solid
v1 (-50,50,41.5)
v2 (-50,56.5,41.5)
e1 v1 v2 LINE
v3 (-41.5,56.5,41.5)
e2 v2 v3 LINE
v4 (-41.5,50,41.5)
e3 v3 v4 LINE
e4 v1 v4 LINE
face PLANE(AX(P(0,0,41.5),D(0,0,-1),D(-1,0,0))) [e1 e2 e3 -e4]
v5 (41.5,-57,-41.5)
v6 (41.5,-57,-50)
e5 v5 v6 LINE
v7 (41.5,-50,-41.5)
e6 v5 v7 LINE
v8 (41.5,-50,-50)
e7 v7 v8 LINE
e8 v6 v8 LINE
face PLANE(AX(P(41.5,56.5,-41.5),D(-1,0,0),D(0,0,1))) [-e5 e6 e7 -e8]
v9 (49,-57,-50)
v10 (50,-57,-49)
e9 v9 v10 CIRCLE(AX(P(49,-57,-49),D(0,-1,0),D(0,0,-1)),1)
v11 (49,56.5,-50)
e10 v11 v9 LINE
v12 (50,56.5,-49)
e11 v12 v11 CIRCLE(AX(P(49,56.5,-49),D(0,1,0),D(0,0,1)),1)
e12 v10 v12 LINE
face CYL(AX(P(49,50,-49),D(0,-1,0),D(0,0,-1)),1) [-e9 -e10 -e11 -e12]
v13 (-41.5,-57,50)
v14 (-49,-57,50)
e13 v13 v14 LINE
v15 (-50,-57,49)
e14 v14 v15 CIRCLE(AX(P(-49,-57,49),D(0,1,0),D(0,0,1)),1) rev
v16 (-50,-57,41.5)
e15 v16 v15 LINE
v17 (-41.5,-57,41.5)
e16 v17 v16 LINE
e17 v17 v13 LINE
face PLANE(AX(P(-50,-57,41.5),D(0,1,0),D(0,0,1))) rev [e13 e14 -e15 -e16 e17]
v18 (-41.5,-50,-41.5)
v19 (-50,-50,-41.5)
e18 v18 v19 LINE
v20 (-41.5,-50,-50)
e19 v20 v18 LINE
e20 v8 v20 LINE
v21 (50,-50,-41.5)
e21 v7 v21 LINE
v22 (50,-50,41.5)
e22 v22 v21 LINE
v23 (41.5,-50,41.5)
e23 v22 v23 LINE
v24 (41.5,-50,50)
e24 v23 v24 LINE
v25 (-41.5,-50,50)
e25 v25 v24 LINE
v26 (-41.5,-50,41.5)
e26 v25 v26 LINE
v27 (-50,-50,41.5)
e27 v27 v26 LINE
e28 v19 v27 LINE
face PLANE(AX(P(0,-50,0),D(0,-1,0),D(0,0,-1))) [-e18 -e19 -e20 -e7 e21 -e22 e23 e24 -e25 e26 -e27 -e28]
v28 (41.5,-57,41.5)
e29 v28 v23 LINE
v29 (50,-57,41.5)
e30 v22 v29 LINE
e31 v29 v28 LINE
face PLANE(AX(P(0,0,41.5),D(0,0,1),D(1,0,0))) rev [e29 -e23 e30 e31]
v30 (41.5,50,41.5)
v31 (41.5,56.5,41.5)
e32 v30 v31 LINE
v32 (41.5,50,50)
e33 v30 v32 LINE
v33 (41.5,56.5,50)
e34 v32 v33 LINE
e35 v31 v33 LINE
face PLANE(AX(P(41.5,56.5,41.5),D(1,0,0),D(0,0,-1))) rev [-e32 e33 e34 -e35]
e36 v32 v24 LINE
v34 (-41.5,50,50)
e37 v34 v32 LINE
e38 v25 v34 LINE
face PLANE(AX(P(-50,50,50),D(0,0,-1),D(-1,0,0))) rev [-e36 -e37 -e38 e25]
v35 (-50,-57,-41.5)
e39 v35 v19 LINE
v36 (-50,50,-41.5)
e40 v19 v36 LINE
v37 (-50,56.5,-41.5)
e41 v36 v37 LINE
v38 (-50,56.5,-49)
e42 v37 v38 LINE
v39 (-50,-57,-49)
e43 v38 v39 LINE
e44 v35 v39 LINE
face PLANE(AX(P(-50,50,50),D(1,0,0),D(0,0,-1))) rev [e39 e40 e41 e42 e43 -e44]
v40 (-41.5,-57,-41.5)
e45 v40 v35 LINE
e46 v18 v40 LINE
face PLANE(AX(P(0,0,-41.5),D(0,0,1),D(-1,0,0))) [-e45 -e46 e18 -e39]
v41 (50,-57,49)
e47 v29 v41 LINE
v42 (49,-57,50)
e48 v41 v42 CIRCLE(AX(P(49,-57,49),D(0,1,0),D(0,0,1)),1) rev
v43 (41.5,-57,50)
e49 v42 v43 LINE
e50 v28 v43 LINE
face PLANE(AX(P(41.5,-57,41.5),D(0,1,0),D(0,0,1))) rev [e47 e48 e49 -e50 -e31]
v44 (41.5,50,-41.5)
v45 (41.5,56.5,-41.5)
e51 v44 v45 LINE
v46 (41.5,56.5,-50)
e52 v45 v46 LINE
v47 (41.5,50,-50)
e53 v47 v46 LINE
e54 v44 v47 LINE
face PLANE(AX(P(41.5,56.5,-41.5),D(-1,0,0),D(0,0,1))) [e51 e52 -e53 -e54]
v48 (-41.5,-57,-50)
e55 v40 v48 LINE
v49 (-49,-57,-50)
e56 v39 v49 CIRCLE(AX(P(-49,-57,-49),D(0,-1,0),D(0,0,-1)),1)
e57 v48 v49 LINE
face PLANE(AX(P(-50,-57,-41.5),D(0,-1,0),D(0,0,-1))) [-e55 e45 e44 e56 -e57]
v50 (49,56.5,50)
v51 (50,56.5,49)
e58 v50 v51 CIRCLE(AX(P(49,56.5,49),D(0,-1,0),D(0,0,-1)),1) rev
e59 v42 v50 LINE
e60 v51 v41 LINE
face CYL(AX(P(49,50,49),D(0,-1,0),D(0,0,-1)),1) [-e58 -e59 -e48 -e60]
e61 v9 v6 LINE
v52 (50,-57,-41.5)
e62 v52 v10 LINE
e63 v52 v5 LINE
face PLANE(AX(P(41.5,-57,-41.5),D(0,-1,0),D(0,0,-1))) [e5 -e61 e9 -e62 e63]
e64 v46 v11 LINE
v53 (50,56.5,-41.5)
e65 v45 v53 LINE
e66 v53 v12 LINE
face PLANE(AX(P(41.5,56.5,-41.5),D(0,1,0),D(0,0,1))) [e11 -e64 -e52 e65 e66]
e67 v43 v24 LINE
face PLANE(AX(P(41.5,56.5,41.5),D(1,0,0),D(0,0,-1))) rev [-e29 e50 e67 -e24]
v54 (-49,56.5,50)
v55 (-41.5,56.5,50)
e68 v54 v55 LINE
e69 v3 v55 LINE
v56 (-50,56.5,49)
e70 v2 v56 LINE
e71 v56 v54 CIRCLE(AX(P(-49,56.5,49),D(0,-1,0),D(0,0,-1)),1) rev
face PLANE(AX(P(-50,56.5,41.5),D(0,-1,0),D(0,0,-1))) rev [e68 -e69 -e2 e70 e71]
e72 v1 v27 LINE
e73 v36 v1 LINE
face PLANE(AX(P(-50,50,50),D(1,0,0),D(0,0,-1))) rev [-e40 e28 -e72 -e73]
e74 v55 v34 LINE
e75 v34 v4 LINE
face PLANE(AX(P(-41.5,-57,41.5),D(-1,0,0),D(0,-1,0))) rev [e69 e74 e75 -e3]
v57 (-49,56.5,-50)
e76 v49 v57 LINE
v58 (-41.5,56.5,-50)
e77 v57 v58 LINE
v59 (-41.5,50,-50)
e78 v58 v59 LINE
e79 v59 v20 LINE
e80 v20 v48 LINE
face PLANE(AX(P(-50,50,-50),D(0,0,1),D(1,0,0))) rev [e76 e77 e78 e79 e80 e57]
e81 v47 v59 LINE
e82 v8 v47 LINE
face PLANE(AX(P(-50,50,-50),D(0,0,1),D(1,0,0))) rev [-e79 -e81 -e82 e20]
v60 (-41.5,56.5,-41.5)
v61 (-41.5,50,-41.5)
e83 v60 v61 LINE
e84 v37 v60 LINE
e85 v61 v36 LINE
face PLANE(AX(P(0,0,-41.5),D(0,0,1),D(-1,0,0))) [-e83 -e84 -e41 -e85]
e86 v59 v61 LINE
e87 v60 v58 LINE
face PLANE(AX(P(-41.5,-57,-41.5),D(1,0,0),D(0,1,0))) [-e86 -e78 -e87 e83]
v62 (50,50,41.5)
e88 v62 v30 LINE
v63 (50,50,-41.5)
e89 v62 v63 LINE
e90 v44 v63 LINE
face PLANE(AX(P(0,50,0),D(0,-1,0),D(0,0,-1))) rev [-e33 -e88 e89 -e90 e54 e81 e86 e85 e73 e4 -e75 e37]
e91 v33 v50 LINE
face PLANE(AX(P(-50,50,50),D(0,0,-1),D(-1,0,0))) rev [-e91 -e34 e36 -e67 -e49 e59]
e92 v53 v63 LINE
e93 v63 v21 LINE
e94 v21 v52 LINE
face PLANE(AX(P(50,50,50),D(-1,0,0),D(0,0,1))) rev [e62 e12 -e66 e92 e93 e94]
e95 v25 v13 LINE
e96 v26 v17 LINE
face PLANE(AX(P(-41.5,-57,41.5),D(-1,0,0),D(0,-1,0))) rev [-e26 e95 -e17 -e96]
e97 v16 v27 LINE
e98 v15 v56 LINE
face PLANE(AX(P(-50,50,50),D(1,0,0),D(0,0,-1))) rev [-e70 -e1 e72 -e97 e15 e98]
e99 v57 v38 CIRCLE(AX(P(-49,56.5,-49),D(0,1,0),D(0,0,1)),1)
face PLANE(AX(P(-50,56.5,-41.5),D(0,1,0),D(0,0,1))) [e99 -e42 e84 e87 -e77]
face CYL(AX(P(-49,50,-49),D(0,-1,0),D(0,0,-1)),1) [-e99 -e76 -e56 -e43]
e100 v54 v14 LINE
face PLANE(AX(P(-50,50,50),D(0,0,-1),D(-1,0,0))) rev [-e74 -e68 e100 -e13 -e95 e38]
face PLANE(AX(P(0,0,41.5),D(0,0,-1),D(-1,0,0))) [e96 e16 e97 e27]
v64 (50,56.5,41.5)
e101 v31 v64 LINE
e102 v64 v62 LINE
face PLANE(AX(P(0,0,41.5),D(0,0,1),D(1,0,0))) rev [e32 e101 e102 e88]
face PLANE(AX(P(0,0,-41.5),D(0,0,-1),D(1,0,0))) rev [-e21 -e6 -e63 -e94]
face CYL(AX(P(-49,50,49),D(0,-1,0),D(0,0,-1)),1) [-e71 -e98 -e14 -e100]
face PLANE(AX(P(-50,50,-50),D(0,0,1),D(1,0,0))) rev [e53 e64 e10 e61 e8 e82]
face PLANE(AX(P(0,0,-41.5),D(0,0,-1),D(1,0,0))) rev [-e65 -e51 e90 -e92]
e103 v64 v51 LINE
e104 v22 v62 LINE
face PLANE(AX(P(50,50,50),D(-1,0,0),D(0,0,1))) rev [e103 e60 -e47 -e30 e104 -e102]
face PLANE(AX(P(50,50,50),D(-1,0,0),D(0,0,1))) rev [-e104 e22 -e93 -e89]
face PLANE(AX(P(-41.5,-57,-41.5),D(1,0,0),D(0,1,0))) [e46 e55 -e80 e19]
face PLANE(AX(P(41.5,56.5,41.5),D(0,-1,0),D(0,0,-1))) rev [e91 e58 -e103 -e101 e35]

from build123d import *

# Parameters (mm, degrees)
SKETCH1_W           = 100
SKETCH1_H           = 100
BOSS_EXTRUDE1_DEPTH = 50
SKETCH2_W           = 8.5
SKETCH2_H           = 113.5
BOSS_EXTRUDE2_DEPTH = 8.5
FILLET1_R           = 1


with BuildPart() as part:
    # Sketch1 → Boss-Extrude1 (new, symmetric)
    with BuildSketch(Plane(origin=(0, 0, 0), x_dir=(1, 0, 0), z_dir=(0, 1, 0))):
        Rectangle(SKETCH1_W, SKETCH1_H)
    extrude(amount=BOSS_EXTRUDE1_DEPTH, both=True)

    # Sketch2 → Boss-Extrude2 (add)
    with BuildSketch(Plane(origin=(0, 0, 50), x_dir=(1, 0, 0), z_dir=(0, 0, -1))):
        with Locations((-45.75, 0.25)):
            Rectangle(SKETCH2_W, SKETCH2_H)
        with Locations((45.75, 0.25)):
            Rectangle(SKETCH2_W, SKETCH2_H)
    boss_extrude2 = extrude(amount=BOSS_EXTRUDE2_DEPTH)

    # Mirror1: Boss-Extrude2 across plane
    add(boss_extrude2.mirror(Plane.XY))

    # Fillet1
    fillet1_edges = [part.edges().sort_by_distance(p)[0] for p in [
        (50, -0.25, 50),
        (-50, -0.25, 50),
        (-50, -0.25, -50),
        (50, -0.25, -50),
    ]]
    fillet(fillet1_edges, radius=FILLET1_R)


solid = part.part
